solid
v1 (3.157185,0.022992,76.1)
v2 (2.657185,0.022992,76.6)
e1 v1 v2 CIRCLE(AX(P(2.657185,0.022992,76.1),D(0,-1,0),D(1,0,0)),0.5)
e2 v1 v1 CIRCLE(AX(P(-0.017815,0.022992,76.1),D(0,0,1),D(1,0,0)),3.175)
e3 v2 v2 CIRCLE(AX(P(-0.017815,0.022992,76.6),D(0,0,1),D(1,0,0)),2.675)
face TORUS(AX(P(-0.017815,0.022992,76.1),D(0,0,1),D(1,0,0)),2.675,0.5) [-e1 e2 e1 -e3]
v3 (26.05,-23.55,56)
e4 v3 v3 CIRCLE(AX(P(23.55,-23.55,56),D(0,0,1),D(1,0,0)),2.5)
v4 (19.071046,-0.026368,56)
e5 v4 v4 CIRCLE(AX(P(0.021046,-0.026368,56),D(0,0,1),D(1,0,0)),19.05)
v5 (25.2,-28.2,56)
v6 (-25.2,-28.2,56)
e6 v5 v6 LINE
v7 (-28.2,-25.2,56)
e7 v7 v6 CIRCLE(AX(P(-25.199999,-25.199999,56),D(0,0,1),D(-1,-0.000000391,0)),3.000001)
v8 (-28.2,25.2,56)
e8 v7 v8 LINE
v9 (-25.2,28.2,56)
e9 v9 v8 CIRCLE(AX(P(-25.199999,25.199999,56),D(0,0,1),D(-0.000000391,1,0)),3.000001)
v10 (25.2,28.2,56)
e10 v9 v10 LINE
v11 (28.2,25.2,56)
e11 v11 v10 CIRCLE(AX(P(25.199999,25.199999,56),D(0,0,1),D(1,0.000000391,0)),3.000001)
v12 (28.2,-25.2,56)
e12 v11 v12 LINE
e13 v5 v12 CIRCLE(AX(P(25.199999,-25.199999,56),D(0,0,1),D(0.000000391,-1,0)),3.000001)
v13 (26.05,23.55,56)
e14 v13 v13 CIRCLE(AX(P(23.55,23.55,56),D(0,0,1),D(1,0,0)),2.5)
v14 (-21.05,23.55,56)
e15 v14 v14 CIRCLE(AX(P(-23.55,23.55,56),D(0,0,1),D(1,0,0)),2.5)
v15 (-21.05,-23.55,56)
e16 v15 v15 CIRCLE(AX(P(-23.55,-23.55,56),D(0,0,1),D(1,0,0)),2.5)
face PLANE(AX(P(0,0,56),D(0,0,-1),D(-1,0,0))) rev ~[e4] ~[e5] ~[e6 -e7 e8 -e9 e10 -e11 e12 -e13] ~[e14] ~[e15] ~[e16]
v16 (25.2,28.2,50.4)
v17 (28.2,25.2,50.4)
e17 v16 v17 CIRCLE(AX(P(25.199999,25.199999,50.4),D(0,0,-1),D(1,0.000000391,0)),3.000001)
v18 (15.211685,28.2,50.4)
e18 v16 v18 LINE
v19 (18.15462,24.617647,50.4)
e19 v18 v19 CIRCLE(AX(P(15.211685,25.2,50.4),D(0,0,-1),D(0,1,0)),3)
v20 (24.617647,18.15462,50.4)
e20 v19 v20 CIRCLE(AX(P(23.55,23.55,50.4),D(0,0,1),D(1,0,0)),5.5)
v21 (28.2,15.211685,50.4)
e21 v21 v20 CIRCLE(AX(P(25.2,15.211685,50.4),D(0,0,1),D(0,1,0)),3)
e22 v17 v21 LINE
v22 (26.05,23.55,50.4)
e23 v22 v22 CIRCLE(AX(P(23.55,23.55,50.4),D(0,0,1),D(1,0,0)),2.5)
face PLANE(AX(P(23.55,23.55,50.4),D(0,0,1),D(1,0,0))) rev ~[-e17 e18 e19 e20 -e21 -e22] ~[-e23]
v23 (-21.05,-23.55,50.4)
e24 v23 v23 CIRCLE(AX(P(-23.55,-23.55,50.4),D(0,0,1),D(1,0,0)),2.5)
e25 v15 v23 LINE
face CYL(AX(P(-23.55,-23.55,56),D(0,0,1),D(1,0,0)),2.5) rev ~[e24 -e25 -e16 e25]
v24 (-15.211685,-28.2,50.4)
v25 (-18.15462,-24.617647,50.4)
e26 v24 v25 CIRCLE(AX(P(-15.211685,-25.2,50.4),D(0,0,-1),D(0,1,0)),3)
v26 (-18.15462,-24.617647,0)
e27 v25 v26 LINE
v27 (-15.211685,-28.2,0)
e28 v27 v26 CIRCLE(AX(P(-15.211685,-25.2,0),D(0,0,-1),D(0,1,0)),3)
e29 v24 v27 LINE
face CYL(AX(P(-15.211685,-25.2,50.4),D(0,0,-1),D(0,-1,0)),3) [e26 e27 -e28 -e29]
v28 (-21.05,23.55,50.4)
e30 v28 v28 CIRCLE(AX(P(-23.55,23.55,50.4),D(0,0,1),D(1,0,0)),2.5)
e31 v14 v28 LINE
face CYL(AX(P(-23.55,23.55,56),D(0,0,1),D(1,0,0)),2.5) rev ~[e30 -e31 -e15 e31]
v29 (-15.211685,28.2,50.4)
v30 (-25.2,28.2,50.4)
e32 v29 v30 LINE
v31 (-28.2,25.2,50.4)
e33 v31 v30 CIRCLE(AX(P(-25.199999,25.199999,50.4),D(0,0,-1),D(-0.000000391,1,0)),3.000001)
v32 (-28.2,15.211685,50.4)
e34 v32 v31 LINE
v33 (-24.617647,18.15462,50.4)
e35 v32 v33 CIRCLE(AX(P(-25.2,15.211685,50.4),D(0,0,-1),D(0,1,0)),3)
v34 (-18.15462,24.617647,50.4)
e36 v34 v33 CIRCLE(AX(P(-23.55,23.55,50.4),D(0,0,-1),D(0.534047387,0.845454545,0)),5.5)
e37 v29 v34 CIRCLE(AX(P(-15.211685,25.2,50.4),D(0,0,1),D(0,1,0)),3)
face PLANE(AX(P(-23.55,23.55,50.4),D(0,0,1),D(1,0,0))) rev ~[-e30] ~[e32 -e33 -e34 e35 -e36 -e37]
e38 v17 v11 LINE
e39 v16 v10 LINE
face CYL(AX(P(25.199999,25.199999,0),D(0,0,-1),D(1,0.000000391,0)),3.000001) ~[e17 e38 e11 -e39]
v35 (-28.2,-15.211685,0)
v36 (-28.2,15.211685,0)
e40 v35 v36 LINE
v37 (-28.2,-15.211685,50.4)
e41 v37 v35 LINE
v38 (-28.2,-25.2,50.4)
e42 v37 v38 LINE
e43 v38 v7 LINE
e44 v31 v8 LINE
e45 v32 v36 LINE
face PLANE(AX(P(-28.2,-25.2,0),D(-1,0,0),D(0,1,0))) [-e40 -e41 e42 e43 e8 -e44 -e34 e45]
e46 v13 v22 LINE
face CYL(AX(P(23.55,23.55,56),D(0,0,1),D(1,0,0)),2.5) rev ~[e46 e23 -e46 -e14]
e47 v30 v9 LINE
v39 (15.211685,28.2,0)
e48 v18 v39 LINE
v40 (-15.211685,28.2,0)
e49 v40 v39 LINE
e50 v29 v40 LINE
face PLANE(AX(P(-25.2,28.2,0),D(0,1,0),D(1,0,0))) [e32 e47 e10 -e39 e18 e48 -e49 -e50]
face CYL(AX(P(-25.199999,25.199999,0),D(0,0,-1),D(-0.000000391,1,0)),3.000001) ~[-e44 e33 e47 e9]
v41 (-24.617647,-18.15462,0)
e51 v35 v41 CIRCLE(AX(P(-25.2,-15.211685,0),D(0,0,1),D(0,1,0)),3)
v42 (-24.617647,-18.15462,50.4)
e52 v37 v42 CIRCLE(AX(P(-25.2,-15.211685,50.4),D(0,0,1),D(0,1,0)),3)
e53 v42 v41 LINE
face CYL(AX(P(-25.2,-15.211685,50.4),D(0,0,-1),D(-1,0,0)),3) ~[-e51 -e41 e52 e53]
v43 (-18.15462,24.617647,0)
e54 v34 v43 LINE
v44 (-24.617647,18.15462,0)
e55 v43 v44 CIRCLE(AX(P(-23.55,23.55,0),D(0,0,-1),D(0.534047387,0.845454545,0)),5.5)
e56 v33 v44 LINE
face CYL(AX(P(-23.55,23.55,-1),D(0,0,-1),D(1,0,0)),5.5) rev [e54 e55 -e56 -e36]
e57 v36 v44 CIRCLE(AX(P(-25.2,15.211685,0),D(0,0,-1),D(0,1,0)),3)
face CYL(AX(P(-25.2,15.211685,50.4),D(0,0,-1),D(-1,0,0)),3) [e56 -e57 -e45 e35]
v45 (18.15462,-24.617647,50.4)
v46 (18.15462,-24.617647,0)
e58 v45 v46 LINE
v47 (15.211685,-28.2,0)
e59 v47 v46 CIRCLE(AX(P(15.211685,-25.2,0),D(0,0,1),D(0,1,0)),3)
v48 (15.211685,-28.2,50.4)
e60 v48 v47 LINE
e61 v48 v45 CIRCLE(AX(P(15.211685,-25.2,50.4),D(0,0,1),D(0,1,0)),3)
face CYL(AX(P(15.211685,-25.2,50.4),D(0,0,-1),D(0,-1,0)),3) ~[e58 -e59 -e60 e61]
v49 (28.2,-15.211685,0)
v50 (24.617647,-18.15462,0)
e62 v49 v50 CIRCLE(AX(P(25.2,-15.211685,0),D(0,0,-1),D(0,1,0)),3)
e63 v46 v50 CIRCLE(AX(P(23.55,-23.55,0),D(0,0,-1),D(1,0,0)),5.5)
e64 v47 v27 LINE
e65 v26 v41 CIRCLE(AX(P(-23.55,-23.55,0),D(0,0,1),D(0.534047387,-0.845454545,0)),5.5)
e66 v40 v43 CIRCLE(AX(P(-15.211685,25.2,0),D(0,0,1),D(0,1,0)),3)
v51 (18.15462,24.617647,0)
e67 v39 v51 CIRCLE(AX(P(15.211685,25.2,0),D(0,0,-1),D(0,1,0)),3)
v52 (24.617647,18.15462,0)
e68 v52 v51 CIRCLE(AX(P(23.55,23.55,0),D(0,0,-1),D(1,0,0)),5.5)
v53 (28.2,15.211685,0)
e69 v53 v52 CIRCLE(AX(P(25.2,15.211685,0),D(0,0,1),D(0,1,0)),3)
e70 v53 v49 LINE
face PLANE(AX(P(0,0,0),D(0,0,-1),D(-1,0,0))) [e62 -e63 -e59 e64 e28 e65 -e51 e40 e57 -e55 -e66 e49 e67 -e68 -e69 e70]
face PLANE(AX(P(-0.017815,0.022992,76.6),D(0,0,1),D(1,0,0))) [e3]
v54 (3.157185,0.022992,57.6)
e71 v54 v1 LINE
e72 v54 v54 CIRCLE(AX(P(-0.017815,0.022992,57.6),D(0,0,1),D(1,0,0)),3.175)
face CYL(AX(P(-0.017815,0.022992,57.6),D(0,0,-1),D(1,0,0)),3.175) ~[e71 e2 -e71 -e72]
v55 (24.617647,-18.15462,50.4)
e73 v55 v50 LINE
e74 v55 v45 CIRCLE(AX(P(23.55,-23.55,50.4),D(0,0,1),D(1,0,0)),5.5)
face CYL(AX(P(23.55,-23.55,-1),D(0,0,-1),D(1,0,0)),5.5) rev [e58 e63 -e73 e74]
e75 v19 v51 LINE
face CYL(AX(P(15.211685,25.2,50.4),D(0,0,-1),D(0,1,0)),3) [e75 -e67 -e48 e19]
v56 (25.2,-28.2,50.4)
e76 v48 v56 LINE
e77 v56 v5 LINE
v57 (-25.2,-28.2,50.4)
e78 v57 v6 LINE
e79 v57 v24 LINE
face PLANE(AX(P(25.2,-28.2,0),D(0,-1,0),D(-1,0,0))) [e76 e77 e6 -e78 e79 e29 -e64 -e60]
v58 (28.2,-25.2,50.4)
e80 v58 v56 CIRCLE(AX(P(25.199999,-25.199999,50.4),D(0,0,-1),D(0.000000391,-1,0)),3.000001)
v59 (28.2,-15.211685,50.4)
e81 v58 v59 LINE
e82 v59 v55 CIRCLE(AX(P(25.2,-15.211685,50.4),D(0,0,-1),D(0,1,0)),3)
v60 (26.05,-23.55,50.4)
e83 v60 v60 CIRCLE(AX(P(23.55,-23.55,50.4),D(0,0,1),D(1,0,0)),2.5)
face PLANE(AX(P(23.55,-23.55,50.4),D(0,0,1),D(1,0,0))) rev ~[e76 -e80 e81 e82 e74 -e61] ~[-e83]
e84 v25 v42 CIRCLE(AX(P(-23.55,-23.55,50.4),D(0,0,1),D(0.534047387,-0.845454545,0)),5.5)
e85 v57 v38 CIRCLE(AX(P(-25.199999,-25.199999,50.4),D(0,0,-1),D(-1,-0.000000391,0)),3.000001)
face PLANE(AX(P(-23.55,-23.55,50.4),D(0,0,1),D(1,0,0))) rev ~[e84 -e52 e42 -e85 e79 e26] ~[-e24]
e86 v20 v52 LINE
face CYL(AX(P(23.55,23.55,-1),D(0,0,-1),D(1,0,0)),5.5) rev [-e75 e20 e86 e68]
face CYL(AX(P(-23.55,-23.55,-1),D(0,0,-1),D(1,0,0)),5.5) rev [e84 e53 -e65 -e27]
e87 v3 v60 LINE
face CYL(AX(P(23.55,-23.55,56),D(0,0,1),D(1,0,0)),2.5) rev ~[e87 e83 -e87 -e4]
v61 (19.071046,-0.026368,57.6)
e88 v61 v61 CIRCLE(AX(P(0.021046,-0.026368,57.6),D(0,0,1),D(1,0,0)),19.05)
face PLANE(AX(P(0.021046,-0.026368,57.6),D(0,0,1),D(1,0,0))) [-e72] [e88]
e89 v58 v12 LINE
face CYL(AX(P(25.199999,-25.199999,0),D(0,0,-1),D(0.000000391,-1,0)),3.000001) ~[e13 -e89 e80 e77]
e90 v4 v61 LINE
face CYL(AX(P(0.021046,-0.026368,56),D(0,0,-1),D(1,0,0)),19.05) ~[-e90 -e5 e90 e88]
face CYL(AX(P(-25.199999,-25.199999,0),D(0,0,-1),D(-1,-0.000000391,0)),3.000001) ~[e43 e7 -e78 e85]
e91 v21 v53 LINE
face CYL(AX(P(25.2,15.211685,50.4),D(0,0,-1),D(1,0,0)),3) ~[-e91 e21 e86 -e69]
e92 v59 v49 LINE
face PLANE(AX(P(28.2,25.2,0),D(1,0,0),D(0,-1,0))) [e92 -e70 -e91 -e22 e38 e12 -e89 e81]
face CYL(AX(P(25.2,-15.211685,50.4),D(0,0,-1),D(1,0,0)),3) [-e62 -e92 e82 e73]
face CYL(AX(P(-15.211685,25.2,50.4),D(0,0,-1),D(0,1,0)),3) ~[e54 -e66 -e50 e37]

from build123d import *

# Parameters (mm, degrees)
SKETCH003_R  = 5.5
PAD001_DEPTH = 51.4
PAD_DEPTH    = 56
SKETCH002_R  = 2.5
POCKET_DEPTH = 6
FILLET_R     = 3
SKETCH004_R  = 19.05
PAD002_DEPTH = 1.6
SKETCH005_R  = 3.175
PAD003_DEPTH = 19
FILLET001_R  = 0.5


with BuildPart() as pad001:
    # Sketch003 → Pad001 (new body)
    with BuildSketch(Plane.XY.offset(-1)):
        with Locations((-23.55, 23.55)):
            Circle(SKETCH003_R)
        with Locations((-23.55, -23.55)):
            Circle(SKETCH003_R)
        with Locations((23.55, 23.55)):
            Circle(SKETCH003_R)
        with Locations((23.55, -23.55)):
            Circle(SKETCH003_R)
    extrude(amount=PAD001_DEPTH)


with BuildPart() as fillet001:
    # Sketch → Pad (new body)
    with BuildSketch(Plane.XY):
        with BuildLine():
            Line((-25.2, 28.2), (25.2, 28.2))
            ThreePointArc((28.2, 25.2), (27.32132, 27.32132), (25.2, 28.2))
            Line((28.2, 25.2), (28.2, -25.2))
            ThreePointArc((25.2, -28.2), (27.32132, -27.32132), (28.2, -25.2))
            Line((25.2, -28.2), (-25.2, -28.2))
            ThreePointArc((-28.2, -25.2), (-27.32132, -27.32132), (-25.2, -28.2))
            Line((-28.2, -25.2), (-28.2, 25.2))
            ThreePointArc((-25.2, 28.2), (-27.32132, 27.32132), (-28.2, 25.2))
        make_face()
    extrude(amount=PAD_DEPTH)

    # Sketch002 → Pocket (cut)
    with BuildSketch(Plane.XY.offset(56)):
        with Locations((-23.55, 23.55)):
            Circle(SKETCH002_R)
        with Locations((-23.55, -23.55)):
            Circle(SKETCH002_R)
        with Locations((23.55, 23.55)):
            Circle(SKETCH002_R)
        with Locations((23.55, -23.55)):
            Circle(SKETCH002_R)
    extrude(amount=-POCKET_DEPTH, mode=Mode.SUBTRACT)

    # Cut: cut Pad001
    add(pad001.part, mode=Mode.SUBTRACT)

    # Fillet
    fillet_edges = [fillet001.edges().sort_by_distance(p)[0] for p in [
        (-20.612739, -28.2, 25.2),
        (-28.2, -20.612739, 25.2),
        (-28.2, 20.612739, 25.2),
        (-20.612739, 28.2, 25.2),
        (20.612739, 28.2, 25.2),
        (28.2, 20.612739, 25.2),
        (28.2, -20.612739, 25.2),
        (20.612739, -28.2, 25.2),
    ]]
    fillet(fillet_edges, radius=FILLET_R)

    # Sketch004 → Pad002 (new body)
    with BuildSketch(Plane.XY.offset(56)):
        with Locations((0.021046, -0.026368)):
            Circle(SKETCH004_R)
    extrude(amount=PAD002_DEPTH)

    # Sketch005 → Pad003 (new body)
    with BuildSketch(Plane.XY.offset(57.6)):
        with Locations((-0.017815, 0.022992)):
            Circle(SKETCH005_R)
    extrude(amount=PAD003_DEPTH)

    # Fillet001
    fillet001_edges = [fillet001.edges().sort_by_distance(p)[0] for p in [
        (-3.192815, 0.022992, 76.6),
    ]]
    fillet(fillet001_edges, radius=FILLET001_R)


solid = fillet001.part
